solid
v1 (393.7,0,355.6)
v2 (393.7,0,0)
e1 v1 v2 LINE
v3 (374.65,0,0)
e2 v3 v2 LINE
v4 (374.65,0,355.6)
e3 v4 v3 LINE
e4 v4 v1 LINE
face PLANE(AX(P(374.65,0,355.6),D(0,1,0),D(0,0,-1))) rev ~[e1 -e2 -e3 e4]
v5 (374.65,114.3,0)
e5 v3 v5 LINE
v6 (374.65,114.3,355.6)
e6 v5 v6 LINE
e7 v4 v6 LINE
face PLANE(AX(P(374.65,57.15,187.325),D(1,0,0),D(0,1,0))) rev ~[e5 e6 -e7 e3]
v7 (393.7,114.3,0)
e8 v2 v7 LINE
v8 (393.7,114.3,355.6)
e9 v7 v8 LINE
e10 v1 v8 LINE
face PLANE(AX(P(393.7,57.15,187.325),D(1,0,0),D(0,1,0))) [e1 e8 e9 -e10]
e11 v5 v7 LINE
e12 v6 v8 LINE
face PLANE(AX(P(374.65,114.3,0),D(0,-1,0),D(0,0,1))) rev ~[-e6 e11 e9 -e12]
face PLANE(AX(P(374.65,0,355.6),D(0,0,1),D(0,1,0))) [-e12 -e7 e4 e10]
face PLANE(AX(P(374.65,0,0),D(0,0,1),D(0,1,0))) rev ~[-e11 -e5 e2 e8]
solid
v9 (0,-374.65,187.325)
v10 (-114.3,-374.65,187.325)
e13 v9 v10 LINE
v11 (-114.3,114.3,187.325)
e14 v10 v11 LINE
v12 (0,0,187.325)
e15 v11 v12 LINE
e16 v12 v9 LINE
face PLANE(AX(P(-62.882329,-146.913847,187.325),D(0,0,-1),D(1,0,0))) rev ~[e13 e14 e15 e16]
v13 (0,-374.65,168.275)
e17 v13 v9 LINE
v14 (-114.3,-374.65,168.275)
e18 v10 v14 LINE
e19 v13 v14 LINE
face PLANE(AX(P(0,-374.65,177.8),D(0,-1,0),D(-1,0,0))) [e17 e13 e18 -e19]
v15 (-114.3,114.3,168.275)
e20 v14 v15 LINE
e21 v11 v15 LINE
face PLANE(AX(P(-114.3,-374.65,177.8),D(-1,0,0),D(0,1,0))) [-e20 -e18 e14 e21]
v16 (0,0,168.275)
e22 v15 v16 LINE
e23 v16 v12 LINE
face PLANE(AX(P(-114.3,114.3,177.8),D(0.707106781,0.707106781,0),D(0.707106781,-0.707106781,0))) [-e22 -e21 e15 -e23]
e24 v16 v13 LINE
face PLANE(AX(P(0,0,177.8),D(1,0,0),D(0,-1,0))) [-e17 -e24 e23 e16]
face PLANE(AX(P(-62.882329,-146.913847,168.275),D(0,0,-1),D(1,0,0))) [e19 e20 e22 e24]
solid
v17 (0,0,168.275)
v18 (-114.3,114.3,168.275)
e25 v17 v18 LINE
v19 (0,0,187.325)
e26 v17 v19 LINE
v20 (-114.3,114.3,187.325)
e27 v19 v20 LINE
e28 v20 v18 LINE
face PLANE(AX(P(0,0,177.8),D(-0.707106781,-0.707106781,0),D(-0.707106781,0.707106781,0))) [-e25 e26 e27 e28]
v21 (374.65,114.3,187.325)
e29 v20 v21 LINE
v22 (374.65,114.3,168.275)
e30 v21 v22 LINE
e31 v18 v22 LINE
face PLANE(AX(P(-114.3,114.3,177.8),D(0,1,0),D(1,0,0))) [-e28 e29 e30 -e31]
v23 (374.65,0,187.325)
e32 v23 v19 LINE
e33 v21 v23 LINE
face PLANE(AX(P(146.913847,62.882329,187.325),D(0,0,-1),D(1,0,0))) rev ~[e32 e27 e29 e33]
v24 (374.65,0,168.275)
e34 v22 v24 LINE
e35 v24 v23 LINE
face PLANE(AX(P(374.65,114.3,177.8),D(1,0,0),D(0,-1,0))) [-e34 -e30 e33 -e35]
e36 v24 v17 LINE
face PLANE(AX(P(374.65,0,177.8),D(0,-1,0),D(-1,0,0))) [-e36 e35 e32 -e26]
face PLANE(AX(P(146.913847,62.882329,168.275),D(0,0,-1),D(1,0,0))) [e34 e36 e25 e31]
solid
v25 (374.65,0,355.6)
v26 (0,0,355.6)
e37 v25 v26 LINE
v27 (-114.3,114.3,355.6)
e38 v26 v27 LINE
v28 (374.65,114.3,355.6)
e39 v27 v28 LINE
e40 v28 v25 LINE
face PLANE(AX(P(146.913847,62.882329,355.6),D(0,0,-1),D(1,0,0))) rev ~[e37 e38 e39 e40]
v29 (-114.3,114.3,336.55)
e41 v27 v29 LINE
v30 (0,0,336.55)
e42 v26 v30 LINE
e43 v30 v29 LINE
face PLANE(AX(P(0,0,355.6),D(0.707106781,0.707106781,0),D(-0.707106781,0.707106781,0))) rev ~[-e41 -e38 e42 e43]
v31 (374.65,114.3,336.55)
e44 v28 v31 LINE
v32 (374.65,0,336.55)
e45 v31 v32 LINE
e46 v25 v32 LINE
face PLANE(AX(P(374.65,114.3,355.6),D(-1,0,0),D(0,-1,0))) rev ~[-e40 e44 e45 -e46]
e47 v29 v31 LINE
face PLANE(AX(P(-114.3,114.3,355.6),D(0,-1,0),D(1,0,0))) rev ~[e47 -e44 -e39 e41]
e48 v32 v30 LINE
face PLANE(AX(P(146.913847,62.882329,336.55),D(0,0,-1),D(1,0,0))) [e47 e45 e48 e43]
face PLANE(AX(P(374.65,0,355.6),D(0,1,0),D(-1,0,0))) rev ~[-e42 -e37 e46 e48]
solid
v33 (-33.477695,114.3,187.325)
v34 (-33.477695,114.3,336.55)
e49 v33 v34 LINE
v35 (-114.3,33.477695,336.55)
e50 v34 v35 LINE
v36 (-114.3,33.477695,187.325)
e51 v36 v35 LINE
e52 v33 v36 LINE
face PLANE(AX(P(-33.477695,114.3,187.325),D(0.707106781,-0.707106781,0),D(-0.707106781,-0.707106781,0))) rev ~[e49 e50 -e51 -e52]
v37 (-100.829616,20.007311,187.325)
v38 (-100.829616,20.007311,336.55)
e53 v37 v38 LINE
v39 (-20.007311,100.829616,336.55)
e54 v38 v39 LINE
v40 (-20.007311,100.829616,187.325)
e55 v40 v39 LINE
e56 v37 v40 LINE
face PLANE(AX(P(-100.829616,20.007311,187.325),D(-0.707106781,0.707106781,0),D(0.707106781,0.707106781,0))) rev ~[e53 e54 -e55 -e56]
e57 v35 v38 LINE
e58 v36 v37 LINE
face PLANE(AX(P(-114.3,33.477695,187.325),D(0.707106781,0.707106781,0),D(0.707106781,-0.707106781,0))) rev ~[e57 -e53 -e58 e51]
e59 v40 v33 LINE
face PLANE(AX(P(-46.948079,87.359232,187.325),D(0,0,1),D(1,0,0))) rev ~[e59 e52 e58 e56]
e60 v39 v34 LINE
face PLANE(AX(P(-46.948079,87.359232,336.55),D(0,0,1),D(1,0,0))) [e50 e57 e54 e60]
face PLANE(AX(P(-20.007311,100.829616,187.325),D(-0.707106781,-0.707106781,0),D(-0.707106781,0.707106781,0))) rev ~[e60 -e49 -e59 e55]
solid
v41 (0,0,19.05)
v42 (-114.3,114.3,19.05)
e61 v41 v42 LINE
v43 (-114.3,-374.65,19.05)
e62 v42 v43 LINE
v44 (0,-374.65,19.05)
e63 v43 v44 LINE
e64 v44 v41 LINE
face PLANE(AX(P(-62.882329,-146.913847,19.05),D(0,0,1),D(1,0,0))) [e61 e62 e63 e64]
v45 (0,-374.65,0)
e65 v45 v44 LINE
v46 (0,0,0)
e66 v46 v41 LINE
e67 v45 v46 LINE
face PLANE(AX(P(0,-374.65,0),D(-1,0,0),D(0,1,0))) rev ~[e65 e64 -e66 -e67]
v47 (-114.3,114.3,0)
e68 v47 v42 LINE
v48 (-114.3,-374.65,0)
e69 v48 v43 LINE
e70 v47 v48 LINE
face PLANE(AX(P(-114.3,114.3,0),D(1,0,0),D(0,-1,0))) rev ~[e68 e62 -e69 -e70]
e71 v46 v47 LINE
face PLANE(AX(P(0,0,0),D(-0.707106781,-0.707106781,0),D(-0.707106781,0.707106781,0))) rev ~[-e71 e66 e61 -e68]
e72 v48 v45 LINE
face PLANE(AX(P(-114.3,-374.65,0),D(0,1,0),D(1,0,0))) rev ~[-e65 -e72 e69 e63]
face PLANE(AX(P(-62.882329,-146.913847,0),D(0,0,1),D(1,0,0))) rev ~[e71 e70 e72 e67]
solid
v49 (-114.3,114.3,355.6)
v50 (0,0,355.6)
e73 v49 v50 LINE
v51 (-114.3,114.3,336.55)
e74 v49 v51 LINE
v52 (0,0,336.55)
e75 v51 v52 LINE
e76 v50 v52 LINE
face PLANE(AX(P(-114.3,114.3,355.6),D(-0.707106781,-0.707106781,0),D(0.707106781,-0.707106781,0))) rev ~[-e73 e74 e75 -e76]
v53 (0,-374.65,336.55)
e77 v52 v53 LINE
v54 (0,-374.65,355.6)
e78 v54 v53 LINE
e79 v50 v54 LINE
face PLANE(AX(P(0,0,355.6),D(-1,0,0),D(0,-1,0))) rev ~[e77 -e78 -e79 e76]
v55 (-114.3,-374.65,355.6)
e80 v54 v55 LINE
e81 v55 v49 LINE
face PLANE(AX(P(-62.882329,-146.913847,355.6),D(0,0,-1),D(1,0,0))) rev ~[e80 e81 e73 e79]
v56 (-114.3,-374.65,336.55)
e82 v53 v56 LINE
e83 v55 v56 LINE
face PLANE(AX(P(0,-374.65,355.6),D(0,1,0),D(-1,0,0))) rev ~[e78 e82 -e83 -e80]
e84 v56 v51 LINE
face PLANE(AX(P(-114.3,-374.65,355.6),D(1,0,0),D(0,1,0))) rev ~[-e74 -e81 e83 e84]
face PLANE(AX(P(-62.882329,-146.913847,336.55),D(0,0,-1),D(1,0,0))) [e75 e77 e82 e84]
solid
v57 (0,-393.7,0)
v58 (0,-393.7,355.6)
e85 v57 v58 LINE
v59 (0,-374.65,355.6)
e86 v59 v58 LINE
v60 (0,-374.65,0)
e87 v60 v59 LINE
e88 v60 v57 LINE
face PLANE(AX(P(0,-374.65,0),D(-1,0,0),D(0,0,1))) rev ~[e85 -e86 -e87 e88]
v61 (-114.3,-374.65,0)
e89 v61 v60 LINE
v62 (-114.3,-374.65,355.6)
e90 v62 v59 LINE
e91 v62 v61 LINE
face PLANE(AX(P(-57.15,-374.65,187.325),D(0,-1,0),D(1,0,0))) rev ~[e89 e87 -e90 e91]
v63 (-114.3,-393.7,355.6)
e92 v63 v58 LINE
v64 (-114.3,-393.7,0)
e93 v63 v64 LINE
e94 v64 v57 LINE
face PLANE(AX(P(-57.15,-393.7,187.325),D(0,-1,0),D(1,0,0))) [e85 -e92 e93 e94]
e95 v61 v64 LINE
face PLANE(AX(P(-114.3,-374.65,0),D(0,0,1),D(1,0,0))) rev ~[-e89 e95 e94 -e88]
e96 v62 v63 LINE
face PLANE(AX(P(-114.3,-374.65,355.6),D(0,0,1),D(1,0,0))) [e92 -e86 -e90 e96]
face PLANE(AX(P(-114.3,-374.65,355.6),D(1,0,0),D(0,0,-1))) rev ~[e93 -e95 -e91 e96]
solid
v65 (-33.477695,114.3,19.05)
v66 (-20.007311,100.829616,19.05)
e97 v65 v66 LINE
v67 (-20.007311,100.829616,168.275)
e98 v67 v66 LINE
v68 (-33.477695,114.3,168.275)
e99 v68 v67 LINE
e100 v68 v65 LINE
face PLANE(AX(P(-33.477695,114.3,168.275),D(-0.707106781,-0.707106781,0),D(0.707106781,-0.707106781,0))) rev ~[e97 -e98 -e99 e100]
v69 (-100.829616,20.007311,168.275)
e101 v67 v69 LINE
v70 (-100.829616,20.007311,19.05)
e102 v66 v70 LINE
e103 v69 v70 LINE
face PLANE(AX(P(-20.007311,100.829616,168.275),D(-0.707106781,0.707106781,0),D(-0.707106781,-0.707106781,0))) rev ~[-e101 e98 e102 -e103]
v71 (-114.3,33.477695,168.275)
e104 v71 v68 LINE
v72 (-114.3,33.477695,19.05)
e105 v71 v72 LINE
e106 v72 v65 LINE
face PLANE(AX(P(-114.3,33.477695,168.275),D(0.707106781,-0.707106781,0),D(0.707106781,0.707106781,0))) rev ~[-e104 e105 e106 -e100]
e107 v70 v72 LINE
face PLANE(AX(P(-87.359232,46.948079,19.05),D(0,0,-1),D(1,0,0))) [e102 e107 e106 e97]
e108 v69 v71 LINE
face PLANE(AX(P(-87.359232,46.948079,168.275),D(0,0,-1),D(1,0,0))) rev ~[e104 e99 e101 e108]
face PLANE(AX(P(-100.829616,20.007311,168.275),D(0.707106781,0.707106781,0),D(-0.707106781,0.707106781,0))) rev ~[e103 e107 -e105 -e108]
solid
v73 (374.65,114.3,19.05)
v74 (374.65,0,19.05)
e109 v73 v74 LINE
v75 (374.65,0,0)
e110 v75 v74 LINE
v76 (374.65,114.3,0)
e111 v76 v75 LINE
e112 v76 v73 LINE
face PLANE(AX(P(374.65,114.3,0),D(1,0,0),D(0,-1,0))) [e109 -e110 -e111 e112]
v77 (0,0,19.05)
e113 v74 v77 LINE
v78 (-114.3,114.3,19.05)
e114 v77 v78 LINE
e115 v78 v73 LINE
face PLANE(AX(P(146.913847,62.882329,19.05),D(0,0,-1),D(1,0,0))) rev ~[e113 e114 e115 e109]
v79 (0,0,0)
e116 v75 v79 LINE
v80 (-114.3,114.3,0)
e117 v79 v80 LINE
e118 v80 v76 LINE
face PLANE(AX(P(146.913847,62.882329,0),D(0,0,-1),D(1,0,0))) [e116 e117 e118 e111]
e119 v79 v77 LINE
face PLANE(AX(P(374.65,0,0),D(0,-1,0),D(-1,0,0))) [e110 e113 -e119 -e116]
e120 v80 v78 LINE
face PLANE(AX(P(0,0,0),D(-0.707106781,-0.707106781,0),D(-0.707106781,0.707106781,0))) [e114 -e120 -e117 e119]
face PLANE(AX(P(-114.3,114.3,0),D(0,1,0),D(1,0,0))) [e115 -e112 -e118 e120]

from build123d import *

# Parameters (mm, degrees)
F1_DEPTH  = 19.05
F3_DEPTH  = 19.05
F4_W      = 114.3
F4_H      = 336.55
F4_H_2    = 19.05
F5_DEPTH  = 19.05
F6_W      = 114.3
F6_H      = 336.55
F6_H_2    = 19.05
F7_DEPTH  = 19.05
F10_DEPTH = 19.05
F12_DEPTH = 19.05
F15_DEPTH = 9.525
F17_DEPTH = 9.525
F19_DEPTH = 149.225
F21_DEPTH = 149.225


with BuildPart() as f1:
    # F0 (on Top) → F1 (new body)
    with BuildSketch(Plane.XY):
        Polygon((-114.3, -374.65), (0, -374.65), (0, 0), (-114.3, 114.3), align=None)
    extrude(amount=F1_DEPTH)


with BuildPart() as f3:
    # F2 (on face) → F3 (new body)
    with BuildSketch(Plane(origin=(0, 0, 0), x_dir=(1, 0, 0), z_dir=(0, 0, -1))):
        Polygon((0, 0), (-114.3, -114.3), (374.65, -114.3), (374.65, 0), align=None)
    extrude(amount=-F3_DEPTH)


with BuildPart() as f5:
    # F4 (on face) → F5 (new body)
    with BuildSketch(Plane.XZ.offset(374.65)):
        with Locations((-57.15, 187.325)):
            Rectangle(F4_W, F4_H)
        with Locations((-57.15, 9.525)):
            Rectangle(F4_W, F4_H_2)
    extrude(amount=F5_DEPTH)


with BuildPart() as f7:
    # F6 (on face) → F7 (new body)
    with BuildSketch(Plane.YZ.offset(374.65)):
        with Locations((57.15, 187.325)):
            Rectangle(F6_W, F6_H)
        with Locations((57.15, 9.525)):
            Rectangle(F6_W, F6_H_2)
    extrude(amount=F7_DEPTH)


with BuildPart() as f10:
    # F9 (on offset) → F10 (new body)
    with BuildSketch(Plane(origin=(0, 0, 355.6), x_dir=(1, 0, 0), z_dir=(0, 0, -1))):
        Polygon((-114.3, 374.65), (-114.3, -114.3), (0, 0), (0, 374.65), align=None)
    extrude(amount=F10_DEPTH)


with BuildPart() as f12:
    # F11 (on offset) → F12 (new body)
    with BuildSketch(Plane(origin=(0, 0, 355.6), x_dir=(1, 0, 0), z_dir=(0, 0, -1))):
        Polygon((374.65, 0), (0, 0), (-114.3, -114.3), (374.65, -114.3), align=None)
    extrude(amount=F12_DEPTH)


with BuildPart() as f15:
    # F14 (on mid) → F15 (new body, symmetric)
    with BuildSketch(Plane(origin=(0, 0, 177.8), x_dir=(1, 0, 0), z_dir=(0, 0, -1))):
        Polygon((0, 374.65), (-114.3, 374.65), (-114.3, -114.3), (0, 0), align=None)
    extrude(amount=F15_DEPTH, both=True)


with BuildPart() as f17:
    # F16 (on mid) → F17 (new body, symmetric)
    with BuildSketch(Plane(origin=(0, 0, 177.8), x_dir=(1, 0, 0), z_dir=(0, 0, -1))):
        Polygon((0, 0), (-114.3, -114.3), (374.65, -114.3), (374.65, 0), align=None)
    extrude(amount=F17_DEPTH, both=True)


with BuildPart() as f19:
    # F18 (on face) → F19 (new body, through all)
    with BuildSketch(Plane.XY.offset(187.325)):
        Polygon((-20.0073107288, 100.8296158184), (-33.4776949104, 114.3), (-73.8888474552, 73.8888474552), (-60.4184632736, 60.4184632736), align=None)
        Polygon((-60.4184632736, 60.4184632736), (-73.8888474552, 73.8888474552), (-114.3, 33.4776949104), (-100.8296158184, 20.0073107288), align=None)
    extrude(amount=F19_DEPTH)


with BuildPart() as f21:
    # F20 (on face) → F21 (new body, through all)
    with BuildSketch(Plane(origin=(0, 0, 168.275), x_dir=(1, 0, 0), z_dir=(0, 0, -1))):
        Polygon((-114.3, -33.4776949104), (-73.8888474552, -73.8888474552), (-60.4184632736, -60.4184632736), (-100.8296158184, -20.0073107288), align=None)
        Polygon((-73.8888474552, -73.8888474552), (-33.4776949104, -114.3), (-20.0073107288, -100.8296158184), (-60.4184632736, -60.4184632736), align=None)
    extrude(amount=F21_DEPTH)


solid = Compound([f1.part, f3.part, f5.part, f7.part, f10.part, f12.part, f15.part, f17.part, f19.part, f21.part])
